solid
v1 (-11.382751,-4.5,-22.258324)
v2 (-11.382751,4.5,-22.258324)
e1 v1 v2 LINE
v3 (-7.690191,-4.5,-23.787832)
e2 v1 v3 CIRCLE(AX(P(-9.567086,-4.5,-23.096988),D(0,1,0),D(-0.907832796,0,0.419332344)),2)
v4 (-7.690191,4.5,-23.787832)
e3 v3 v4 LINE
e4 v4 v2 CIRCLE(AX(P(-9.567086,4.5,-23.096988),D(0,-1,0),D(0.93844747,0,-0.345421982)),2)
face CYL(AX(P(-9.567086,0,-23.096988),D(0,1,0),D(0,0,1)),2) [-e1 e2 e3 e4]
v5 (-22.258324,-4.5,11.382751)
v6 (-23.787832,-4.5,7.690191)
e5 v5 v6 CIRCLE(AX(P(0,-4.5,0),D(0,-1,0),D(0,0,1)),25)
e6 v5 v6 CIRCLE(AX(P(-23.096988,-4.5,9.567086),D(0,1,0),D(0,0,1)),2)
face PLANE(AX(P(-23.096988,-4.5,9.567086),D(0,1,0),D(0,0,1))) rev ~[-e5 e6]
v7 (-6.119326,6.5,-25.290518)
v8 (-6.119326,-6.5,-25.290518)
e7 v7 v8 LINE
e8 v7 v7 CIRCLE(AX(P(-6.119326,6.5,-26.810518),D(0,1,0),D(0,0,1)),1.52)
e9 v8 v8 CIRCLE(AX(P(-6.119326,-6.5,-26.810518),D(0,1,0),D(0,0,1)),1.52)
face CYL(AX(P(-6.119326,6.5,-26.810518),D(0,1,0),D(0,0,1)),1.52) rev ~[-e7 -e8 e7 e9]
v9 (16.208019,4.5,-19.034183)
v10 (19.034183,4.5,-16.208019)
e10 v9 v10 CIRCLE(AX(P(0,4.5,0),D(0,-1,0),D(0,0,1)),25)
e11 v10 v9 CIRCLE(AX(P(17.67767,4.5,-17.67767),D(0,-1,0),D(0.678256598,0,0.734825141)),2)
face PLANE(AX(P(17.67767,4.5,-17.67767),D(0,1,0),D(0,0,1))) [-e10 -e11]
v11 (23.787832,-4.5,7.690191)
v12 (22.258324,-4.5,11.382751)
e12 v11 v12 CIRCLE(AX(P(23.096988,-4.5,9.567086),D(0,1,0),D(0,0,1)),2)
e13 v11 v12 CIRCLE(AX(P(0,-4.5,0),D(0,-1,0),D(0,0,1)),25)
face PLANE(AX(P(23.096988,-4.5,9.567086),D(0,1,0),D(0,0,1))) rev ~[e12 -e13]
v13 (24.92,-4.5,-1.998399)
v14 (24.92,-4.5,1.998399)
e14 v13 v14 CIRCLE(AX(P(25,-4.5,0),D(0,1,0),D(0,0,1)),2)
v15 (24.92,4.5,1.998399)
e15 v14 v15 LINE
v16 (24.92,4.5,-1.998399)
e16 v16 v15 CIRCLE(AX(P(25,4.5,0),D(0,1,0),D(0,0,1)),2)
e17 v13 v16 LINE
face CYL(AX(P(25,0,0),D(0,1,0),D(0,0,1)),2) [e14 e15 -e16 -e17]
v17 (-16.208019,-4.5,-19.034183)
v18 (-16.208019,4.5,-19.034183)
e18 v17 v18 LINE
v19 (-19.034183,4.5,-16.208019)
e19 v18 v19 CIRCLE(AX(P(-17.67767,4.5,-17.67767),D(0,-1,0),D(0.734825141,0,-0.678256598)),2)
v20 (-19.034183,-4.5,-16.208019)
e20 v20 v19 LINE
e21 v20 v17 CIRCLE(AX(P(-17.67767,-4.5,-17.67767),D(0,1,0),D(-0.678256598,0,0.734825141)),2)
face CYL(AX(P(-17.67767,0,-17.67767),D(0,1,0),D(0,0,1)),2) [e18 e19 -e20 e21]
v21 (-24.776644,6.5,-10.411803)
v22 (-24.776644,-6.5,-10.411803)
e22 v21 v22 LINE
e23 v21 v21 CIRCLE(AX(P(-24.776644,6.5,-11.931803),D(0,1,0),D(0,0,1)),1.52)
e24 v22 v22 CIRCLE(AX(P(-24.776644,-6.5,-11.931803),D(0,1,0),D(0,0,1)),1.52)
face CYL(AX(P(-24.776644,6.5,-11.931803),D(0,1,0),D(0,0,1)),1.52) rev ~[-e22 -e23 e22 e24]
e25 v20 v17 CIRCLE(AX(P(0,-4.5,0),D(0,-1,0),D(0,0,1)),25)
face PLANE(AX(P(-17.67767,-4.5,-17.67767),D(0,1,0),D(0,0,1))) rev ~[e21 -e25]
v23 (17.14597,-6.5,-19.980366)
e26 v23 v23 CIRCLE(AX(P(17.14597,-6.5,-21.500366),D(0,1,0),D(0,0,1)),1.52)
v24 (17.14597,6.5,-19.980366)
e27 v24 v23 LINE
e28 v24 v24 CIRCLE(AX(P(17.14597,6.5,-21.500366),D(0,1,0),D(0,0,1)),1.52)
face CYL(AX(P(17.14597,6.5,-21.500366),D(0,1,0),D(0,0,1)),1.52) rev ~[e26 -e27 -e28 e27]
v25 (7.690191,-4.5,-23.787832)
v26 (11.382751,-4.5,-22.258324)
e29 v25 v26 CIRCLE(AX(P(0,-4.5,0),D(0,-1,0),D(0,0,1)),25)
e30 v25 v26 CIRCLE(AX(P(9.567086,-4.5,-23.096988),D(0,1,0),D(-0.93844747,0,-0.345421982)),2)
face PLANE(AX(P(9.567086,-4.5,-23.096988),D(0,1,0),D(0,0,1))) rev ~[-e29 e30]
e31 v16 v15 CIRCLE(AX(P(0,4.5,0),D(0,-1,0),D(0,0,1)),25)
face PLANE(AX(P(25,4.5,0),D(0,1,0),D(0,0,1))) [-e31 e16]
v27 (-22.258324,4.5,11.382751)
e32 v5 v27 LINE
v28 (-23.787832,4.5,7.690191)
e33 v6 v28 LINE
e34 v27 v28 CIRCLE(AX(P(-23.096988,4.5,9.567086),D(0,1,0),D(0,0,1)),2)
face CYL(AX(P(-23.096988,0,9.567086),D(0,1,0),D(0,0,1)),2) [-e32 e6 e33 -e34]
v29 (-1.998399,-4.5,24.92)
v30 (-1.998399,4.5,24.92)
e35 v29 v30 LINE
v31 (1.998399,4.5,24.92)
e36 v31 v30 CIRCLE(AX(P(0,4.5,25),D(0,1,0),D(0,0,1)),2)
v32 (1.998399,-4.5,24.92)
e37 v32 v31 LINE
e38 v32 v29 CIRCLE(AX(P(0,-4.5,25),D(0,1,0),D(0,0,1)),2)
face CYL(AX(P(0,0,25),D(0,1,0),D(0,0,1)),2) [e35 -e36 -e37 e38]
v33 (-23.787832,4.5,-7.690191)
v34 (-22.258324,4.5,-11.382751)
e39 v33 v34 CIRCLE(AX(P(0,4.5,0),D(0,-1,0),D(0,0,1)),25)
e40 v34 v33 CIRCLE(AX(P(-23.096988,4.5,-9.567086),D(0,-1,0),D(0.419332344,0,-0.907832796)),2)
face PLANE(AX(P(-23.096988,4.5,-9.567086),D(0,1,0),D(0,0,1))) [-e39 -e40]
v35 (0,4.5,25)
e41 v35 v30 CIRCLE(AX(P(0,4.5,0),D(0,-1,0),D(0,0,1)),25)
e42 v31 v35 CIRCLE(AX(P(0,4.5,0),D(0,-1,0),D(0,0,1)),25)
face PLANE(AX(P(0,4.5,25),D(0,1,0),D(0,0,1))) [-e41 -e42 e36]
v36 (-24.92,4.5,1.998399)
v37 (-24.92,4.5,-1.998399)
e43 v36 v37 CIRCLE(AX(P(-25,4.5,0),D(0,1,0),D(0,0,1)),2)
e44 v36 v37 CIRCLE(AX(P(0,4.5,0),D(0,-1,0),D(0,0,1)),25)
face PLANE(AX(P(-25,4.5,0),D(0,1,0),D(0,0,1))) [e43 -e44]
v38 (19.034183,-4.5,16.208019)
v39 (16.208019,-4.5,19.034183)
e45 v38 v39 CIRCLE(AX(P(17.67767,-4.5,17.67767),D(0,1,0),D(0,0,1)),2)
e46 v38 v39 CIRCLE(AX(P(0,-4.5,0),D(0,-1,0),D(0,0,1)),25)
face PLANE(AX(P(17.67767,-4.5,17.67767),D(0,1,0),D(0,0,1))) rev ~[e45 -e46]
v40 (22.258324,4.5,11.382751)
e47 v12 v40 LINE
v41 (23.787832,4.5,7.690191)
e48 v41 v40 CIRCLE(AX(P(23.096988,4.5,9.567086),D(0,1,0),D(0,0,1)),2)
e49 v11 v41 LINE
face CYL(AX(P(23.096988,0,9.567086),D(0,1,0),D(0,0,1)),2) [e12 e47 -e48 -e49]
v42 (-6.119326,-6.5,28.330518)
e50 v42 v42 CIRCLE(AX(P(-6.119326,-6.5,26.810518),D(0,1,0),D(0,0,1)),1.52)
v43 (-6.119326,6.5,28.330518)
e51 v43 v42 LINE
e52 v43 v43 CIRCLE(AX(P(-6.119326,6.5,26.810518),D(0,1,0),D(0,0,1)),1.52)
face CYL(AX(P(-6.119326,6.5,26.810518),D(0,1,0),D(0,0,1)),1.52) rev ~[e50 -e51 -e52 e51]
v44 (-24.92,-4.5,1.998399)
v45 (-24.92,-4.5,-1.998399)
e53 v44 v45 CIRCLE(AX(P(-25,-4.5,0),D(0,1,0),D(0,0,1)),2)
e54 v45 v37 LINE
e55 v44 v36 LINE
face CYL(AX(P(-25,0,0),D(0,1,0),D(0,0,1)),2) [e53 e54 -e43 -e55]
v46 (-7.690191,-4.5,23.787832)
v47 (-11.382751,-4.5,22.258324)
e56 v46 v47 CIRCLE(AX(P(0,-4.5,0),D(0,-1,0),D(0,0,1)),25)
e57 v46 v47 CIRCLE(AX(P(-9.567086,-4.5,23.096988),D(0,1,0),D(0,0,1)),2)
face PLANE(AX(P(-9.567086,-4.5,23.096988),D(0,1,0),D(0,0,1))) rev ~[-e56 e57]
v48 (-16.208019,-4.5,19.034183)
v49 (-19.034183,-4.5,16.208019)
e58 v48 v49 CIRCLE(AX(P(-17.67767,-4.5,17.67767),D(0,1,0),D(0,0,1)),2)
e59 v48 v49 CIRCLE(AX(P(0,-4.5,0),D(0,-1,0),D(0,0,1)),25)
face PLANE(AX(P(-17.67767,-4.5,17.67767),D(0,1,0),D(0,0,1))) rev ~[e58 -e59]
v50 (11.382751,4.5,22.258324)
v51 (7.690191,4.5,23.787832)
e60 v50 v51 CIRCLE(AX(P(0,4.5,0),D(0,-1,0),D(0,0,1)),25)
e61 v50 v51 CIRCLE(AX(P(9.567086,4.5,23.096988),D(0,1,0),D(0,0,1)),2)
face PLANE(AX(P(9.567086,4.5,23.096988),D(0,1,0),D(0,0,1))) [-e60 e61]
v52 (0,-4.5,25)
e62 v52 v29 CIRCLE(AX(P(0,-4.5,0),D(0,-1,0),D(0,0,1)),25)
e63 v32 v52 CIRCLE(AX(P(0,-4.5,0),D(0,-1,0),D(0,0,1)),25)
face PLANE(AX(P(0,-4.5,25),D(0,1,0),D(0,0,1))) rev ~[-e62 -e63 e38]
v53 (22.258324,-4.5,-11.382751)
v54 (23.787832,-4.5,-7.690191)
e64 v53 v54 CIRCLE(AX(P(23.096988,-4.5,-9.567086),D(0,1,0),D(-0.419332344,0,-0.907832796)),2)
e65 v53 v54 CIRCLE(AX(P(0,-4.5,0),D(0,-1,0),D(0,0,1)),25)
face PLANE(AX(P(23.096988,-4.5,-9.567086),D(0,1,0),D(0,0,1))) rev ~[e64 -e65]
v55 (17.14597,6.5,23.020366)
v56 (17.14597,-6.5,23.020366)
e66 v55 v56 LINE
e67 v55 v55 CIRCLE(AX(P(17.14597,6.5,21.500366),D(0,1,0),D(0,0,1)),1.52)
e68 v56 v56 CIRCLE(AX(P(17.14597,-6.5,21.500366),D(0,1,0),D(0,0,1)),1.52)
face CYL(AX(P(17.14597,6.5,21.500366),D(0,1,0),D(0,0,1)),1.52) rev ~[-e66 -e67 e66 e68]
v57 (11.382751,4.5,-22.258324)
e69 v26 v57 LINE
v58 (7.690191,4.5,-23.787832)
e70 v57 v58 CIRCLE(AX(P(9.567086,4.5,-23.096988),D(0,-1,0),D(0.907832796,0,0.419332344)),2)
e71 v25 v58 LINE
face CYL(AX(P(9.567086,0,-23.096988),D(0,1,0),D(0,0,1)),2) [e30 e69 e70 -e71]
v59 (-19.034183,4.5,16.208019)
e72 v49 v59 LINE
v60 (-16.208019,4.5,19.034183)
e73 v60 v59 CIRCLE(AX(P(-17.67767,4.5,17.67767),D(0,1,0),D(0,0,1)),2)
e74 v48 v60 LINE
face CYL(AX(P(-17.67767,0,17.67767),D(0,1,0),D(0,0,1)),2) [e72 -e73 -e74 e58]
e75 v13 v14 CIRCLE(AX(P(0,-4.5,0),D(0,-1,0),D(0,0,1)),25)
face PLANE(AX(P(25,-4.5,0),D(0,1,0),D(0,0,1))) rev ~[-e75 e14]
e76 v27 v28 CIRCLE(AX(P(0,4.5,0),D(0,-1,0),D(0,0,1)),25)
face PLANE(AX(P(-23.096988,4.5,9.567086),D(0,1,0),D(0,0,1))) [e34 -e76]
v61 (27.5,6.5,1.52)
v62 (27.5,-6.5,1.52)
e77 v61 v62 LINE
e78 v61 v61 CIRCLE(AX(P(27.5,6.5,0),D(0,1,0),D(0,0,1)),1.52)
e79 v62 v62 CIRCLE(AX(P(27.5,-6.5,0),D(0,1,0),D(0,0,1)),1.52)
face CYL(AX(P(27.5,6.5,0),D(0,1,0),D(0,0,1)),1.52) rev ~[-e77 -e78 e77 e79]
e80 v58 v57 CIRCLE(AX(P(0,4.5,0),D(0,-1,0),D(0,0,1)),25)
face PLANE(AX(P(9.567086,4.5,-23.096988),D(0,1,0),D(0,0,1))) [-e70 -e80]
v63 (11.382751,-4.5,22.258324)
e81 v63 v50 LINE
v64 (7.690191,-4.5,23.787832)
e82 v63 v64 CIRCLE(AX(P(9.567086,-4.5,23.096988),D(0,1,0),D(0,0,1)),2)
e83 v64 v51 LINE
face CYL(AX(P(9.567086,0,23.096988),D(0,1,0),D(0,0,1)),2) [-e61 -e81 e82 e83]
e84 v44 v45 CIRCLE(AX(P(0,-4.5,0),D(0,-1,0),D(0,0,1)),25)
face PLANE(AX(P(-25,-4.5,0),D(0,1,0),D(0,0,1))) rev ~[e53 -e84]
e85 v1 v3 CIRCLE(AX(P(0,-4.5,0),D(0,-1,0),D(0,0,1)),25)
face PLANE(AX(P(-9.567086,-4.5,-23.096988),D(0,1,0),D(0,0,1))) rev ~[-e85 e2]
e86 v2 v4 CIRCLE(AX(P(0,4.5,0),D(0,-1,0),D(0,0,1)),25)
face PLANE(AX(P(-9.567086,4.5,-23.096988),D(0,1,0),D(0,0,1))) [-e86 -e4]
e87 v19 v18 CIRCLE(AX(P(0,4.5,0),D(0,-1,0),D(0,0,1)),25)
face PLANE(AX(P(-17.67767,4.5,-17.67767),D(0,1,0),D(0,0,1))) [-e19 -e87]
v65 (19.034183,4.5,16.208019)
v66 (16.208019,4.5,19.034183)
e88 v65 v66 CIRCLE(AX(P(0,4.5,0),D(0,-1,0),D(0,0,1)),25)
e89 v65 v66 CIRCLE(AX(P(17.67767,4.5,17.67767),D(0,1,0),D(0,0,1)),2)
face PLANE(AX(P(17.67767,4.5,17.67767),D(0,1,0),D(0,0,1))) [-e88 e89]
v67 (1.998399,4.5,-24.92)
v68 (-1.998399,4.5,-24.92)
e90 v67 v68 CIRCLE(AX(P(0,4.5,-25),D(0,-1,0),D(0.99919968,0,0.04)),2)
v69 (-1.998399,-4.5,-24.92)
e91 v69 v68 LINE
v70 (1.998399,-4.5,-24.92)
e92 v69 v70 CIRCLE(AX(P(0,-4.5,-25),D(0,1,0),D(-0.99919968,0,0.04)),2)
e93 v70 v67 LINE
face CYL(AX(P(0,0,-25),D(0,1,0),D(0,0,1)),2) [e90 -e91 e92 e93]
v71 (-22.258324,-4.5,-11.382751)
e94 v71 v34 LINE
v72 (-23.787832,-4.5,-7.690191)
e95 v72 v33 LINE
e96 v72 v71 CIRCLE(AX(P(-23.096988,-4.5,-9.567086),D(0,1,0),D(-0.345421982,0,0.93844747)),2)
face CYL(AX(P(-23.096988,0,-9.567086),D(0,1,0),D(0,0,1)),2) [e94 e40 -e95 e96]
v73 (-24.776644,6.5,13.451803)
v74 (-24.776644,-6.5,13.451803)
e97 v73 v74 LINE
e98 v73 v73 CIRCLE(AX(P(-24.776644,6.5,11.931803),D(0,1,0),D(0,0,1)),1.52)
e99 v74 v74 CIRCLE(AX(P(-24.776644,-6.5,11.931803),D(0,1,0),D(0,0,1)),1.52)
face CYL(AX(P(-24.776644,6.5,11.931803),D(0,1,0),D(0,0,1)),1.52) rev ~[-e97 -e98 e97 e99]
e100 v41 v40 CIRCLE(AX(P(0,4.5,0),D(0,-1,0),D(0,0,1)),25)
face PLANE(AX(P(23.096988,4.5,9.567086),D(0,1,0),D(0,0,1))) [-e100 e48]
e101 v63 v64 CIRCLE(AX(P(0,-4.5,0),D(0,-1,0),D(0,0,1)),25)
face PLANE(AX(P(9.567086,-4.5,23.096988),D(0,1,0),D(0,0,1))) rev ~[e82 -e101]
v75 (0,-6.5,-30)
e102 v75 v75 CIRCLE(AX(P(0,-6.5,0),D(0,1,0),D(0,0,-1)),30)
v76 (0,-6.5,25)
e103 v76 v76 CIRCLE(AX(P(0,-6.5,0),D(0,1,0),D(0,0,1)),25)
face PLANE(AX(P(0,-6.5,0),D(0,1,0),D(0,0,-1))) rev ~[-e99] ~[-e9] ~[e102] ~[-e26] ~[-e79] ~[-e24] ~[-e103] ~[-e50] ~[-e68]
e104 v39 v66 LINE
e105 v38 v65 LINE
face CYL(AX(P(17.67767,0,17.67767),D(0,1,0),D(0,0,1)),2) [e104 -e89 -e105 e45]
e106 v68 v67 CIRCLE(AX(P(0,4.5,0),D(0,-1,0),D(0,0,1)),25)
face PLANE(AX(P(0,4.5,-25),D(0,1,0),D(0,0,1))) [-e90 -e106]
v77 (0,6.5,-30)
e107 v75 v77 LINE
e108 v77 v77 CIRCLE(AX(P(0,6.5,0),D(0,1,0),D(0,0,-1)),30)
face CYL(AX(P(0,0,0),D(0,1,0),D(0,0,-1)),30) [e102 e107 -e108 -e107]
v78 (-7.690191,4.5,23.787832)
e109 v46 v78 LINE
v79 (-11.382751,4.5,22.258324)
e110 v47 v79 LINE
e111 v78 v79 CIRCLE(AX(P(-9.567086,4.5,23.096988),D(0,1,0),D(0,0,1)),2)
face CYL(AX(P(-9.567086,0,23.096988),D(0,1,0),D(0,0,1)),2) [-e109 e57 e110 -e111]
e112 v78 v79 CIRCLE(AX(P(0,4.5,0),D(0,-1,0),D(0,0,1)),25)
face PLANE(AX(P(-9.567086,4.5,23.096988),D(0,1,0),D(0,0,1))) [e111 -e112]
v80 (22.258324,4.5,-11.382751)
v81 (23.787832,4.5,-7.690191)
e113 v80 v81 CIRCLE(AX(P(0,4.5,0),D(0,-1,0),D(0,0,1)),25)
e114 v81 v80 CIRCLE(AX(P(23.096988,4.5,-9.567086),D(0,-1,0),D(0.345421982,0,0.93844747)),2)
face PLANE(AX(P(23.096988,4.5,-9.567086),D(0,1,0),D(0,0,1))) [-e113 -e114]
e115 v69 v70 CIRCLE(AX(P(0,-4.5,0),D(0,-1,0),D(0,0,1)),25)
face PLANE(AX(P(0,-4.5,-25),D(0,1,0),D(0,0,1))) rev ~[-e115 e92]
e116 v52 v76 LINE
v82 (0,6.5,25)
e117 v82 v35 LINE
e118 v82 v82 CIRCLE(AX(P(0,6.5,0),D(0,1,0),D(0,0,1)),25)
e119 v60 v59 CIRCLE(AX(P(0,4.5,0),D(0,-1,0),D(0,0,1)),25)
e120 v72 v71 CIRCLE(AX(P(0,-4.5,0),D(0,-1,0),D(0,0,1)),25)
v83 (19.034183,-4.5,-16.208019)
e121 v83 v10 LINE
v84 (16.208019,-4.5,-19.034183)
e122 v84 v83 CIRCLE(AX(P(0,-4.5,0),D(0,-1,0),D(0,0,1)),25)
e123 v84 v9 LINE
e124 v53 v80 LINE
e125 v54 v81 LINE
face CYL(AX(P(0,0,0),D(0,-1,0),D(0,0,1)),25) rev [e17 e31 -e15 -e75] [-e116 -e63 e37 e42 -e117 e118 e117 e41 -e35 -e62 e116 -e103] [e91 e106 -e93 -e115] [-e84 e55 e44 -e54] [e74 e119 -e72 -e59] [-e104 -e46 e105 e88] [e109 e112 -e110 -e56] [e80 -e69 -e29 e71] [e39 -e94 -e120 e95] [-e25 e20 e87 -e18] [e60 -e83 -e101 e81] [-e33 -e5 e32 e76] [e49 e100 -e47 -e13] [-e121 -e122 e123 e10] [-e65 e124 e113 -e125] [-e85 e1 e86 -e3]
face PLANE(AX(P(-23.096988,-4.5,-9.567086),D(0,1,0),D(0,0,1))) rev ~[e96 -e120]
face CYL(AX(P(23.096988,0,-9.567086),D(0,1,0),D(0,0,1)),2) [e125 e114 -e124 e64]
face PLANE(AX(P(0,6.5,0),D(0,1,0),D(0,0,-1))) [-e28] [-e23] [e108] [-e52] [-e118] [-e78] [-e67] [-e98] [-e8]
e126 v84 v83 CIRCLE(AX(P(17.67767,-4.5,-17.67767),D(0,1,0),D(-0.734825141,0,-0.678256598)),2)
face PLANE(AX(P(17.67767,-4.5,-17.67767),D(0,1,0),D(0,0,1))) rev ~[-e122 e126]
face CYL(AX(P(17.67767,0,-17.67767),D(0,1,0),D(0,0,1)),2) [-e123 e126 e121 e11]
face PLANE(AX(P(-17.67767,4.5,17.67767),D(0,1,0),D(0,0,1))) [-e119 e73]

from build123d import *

# Parameters (mm, degrees)
CROQUIS1_R                 = 2
SALIENTE_EXTRUIR1_DEPTH    = 4.5
SALIENTE_EXTRUIR1_2_DEPTH  = 4.5
SALIENTE_EXTRUIR1_3_DEPTH  = 4.5
SALIENTE_EXTRUIR1_4_DEPTH  = 4.5
SALIENTE_EXTRUIR1_5_DEPTH  = 4.5
SALIENTE_EXTRUIR1_6_DEPTH  = 4.5
SALIENTE_EXTRUIR1_7_DEPTH  = 4.5
SALIENTE_EXTRUIR1_8_DEPTH  = 4.5
SALIENTE_EXTRUIR1_9_DEPTH  = 4.5
SALIENTE_EXTRUIR1_10_DEPTH = 4.5
SALIENTE_EXTRUIR1_11_DEPTH = 4.5
SALIENTE_EXTRUIR1_12_DEPTH = 4.5
SALIENTE_EXTRUIR1_13_DEPTH = 4.5
SALIENTE_EXTRUIR1_14_DEPTH = 4.5
SALIENTE_EXTRUIR1_15_DEPTH = 4.5
SALIENTE_EXTRUIR1_16_DEPTH = 4.5
CROQUIS3_R                 = 30
CROQUIS3_R_2               = 25
SALIENTE_EXTRUIR2_DEPTH    = 6.5
CROQUIS4_R                 = 1.52
CORTAR_EXTRUIR1_DEPTH      = 45.373415465


with BuildPart() as part:
    # Croquis1 → Saliente-Extruir1 (new, symmetric)
    with BuildSketch(Plane(origin=(0, 0, 0), x_dir=(1, 0, 0), z_dir=(0, 1, 0))):
        with Locations(Location((25, 0, 0), (0, 0, 270))):
            Circle(CROQUIS1_R)
    extrude(amount=SALIENTE_EXTRUIR1_DEPTH, both=True)



with BuildPart() as body_2:
    # Croquis1 → Saliente-Extruir1 2 (new, symmetric)
    with BuildSketch(Plane(origin=(0, 0, 0), x_dir=(1, 0, 0), z_dir=(0, 1, 0))):
        with Locations(Location((23.096988313, -9.567085809, 0), (0, 0, 270))):
            Circle(CROQUIS1_R)
    extrude(amount=SALIENTE_EXTRUIR1_2_DEPTH, both=True)


with BuildPart() as body_3:
    # Croquis1 → Saliente-Extruir1 3 (new, symmetric)
    with BuildSketch(Plane(origin=(0, 0, 0), x_dir=(1, 0, 0), z_dir=(0, 1, 0))):
        with Locations(Location((17.67766953, -17.67766953, 0), (0, 0, 270))):
            Circle(CROQUIS1_R)
    extrude(amount=SALIENTE_EXTRUIR1_3_DEPTH, both=True)


with BuildPart() as body_4:
    # Croquis1 → Saliente-Extruir1 4 (new, symmetric)
    with BuildSketch(Plane(origin=(0, 0, 0), x_dir=(1, 0, 0), z_dir=(0, 1, 0))):
        with Locations(Location((9.567085809, -23.096988313, 0), (0, 0, 270))):
            Circle(CROQUIS1_R)
    extrude(amount=SALIENTE_EXTRUIR1_4_DEPTH, both=True)


with BuildPart() as body_5:
    # Croquis1 → Saliente-Extruir1 5 (new, symmetric)
    with BuildSketch(Plane(origin=(0, 0, 0), x_dir=(1, 0, 0), z_dir=(0, 1, 0))):
        with Locations(Location((0, -25, 0), (0, 0, 270))):
            Circle(CROQUIS1_R)
    extrude(amount=SALIENTE_EXTRUIR1_5_DEPTH, both=True)


with BuildPart() as body_6:
    # Croquis1 → Saliente-Extruir1 6 (new, symmetric)
    with BuildSketch(Plane(origin=(0, 0, 0), x_dir=(1, 0, 0), z_dir=(0, 1, 0))):
        with Locations(Location((-9.567085809, -23.096988313, 0), (0, 0, 270))):
            Circle(CROQUIS1_R)
    extrude(amount=SALIENTE_EXTRUIR1_6_DEPTH, both=True)


with BuildPart() as body_7:
    # Croquis1 → Saliente-Extruir1 7 (new, symmetric)
    with BuildSketch(Plane(origin=(0, 0, 0), x_dir=(1, 0, 0), z_dir=(0, 1, 0))):
        with Locations(Location((-17.67766953, -17.67766953, 0), (0, 0, 270))):
            Circle(CROQUIS1_R)
    extrude(amount=SALIENTE_EXTRUIR1_7_DEPTH, both=True)


with BuildPart() as body_8:
    # Croquis1 → Saliente-Extruir1 8 (new, symmetric)
    with BuildSketch(Plane(origin=(0, 0, 0), x_dir=(1, 0, 0), z_dir=(0, 1, 0))):
        with Locations(Location((-23.096988313, -9.567085809, 0), (0, 0, 270))):
            Circle(CROQUIS1_R)
    extrude(amount=SALIENTE_EXTRUIR1_8_DEPTH, both=True)


with BuildPart() as body_9:
    # Croquis1 → Saliente-Extruir1 9 (new, symmetric)
    with BuildSketch(Plane(origin=(0, 0, 0), x_dir=(1, 0, 0), z_dir=(0, 1, 0))):
        with Locations(Location((-25, 0, 0), (0, 0, 270))):
            Circle(CROQUIS1_R)
    extrude(amount=SALIENTE_EXTRUIR1_9_DEPTH, both=True)


with BuildPart() as body_10:
    # Croquis1 → Saliente-Extruir1 10 (new, symmetric)
    with BuildSketch(Plane(origin=(0, 0, 0), x_dir=(1, 0, 0), z_dir=(0, 1, 0))):
        with Locations(Location((-23.096988313, 9.567085809, 0), (0, 0, 270))):
            Circle(CROQUIS1_R)
    extrude(amount=SALIENTE_EXTRUIR1_10_DEPTH, both=True)


with BuildPart() as body_11:
    # Croquis1 → Saliente-Extruir1 11 (new, symmetric)
    with BuildSketch(Plane(origin=(0, 0, 0), x_dir=(1, 0, 0), z_dir=(0, 1, 0))):
        with Locations(Location((-17.67766953, 17.67766953, 0), (0, 0, 270))):
            Circle(CROQUIS1_R)
    extrude(amount=SALIENTE_EXTRUIR1_11_DEPTH, both=True)


with BuildPart() as body_12:
    # Croquis1 → Saliente-Extruir1 12 (new, symmetric)
    with BuildSketch(Plane(origin=(0, 0, 0), x_dir=(1, 0, 0), z_dir=(0, 1, 0))):
        with Locations(Location((-9.567085809, 23.096988313, 0), (0, 0, 270))):
            Circle(CROQUIS1_R)
    extrude(amount=SALIENTE_EXTRUIR1_12_DEPTH, both=True)


with BuildPart() as body_13:
    # Croquis1 → Saliente-Extruir1 13 (new, symmetric)
    with BuildSketch(Plane(origin=(0, 0, 0), x_dir=(1, 0, 0), z_dir=(0, 1, 0))):
        with Locations(Location((0, 25, 0), (0, 0, 270))):
            Circle(CROQUIS1_R)
    extrude(amount=SALIENTE_EXTRUIR1_13_DEPTH, both=True)


with BuildPart() as body_14:
    # Croquis1 → Saliente-Extruir1 14 (new, symmetric)
    with BuildSketch(Plane(origin=(0, 0, 0), x_dir=(1, 0, 0), z_dir=(0, 1, 0))):
        with Locations(Location((9.567085809, 23.096988313, 0), (0, 0, 270))):
            Circle(CROQUIS1_R)
    extrude(amount=SALIENTE_EXTRUIR1_14_DEPTH, both=True)


with BuildPart() as body_15:
    # Croquis1 → Saliente-Extruir1 15 (new, symmetric)
    with BuildSketch(Plane(origin=(0, 0, 0), x_dir=(1, 0, 0), z_dir=(0, 1, 0))):
        with Locations(Location((17.67766953, 17.67766953, 0), (0, 0, 270))):
            Circle(CROQUIS1_R)
    extrude(amount=SALIENTE_EXTRUIR1_15_DEPTH, both=True)


with BuildPart() as body_16:
    # Croquis1 → Saliente-Extruir1 16 (new, symmetric)
    with BuildSketch(Plane(origin=(0, 0, 0), x_dir=(1, 0, 0), z_dir=(0, 1, 0))):
        with Locations(Location((23.096988313, 9.567085809, 0), (0, 0, 270))):
            Circle(CROQUIS1_R)
    extrude(amount=SALIENTE_EXTRUIR1_16_DEPTH, both=True)


with BuildPart() as part_1:
    add(part.part)

    add(body_2.part)  # Saliente-Extruir2 merges body 2

    add(body_3.part)  # Saliente-Extruir2 merges body 3

    add(body_4.part)  # Saliente-Extruir2 merges body 4

    add(body_5.part)  # Saliente-Extruir2 merges body 5

    add(body_6.part)  # Saliente-Extruir2 merges body 6

    add(body_7.part)  # Saliente-Extruir2 merges body 7

    add(body_8.part)  # Saliente-Extruir2 merges body 8

    add(body_9.part)  # Saliente-Extruir2 merges body 9

    add(body_10.part)  # Saliente-Extruir2 merges body 10

    add(body_11.part)  # Saliente-Extruir2 merges body 11

    add(body_12.part)  # Saliente-Extruir2 merges body 12

    add(body_13.part)  # Saliente-Extruir2 merges body 13

    add(body_14.part)  # Saliente-Extruir2 merges body 14

    add(body_15.part)  # Saliente-Extruir2 merges body 15

    add(body_16.part)  # Saliente-Extruir2 merges body 16
    # Croquis3 → Saliente-Extruir2 (add, symmetric)
    with BuildSketch(Plane(origin=(0, 0, 0), x_dir=(1, 0, 0), z_dir=(0, 1, 0))):
        with Locations(Location((0, 0, 0), (0, 0, 90))):
            Circle(CROQUIS3_R)
        with Locations(Location((0, 0, 0), (0, 0, 270))):
            Circle(CROQUIS3_R_2, mode=Mode.SUBTRACT)
    extrude(amount=SALIENTE_EXTRUIR2_DEPTH, both=True)

    # Croquis4 → Cortar-Extruir1 (cut, through all)
    with BuildSketch(Plane(origin=(0, 6.5, 0), x_dir=(1, 0, 0), z_dir=(0, 1, 0))):
        with Locations(Location((27.5, 0, 0), (0, 0, 270))):
            Circle(CROQUIS4_R)
        with Locations(Location((17.145969551, -21.500365768, 0), (0, 0, 270))):
            Circle(CROQUIS4_R)
        with Locations(Location((-6.119325684, -26.810517585, 0), (0, 0, 270))):
            Circle(CROQUIS4_R)
        with Locations(Location((-24.776643867, -11.931802826, 0), (0, 0, 270))):
            Circle(CROQUIS4_R)
        with Locations(Location((-24.776643867, 11.931802826, 0), (0, 0, 270))):
            Circle(CROQUIS4_R)
        with Locations(Location((-6.119325684, 26.810517585, 0), (0, 0, 270))):
            Circle(CROQUIS4_R)
        with Locations(Location((17.145969551, 21.500365768, 0), (0, 0, 270))):
            Circle(CROQUIS4_R)
    extrude(amount=-CORTAR_EXTRUIR1_DEPTH, mode=Mode.SUBTRACT)


solid = part_1.part
